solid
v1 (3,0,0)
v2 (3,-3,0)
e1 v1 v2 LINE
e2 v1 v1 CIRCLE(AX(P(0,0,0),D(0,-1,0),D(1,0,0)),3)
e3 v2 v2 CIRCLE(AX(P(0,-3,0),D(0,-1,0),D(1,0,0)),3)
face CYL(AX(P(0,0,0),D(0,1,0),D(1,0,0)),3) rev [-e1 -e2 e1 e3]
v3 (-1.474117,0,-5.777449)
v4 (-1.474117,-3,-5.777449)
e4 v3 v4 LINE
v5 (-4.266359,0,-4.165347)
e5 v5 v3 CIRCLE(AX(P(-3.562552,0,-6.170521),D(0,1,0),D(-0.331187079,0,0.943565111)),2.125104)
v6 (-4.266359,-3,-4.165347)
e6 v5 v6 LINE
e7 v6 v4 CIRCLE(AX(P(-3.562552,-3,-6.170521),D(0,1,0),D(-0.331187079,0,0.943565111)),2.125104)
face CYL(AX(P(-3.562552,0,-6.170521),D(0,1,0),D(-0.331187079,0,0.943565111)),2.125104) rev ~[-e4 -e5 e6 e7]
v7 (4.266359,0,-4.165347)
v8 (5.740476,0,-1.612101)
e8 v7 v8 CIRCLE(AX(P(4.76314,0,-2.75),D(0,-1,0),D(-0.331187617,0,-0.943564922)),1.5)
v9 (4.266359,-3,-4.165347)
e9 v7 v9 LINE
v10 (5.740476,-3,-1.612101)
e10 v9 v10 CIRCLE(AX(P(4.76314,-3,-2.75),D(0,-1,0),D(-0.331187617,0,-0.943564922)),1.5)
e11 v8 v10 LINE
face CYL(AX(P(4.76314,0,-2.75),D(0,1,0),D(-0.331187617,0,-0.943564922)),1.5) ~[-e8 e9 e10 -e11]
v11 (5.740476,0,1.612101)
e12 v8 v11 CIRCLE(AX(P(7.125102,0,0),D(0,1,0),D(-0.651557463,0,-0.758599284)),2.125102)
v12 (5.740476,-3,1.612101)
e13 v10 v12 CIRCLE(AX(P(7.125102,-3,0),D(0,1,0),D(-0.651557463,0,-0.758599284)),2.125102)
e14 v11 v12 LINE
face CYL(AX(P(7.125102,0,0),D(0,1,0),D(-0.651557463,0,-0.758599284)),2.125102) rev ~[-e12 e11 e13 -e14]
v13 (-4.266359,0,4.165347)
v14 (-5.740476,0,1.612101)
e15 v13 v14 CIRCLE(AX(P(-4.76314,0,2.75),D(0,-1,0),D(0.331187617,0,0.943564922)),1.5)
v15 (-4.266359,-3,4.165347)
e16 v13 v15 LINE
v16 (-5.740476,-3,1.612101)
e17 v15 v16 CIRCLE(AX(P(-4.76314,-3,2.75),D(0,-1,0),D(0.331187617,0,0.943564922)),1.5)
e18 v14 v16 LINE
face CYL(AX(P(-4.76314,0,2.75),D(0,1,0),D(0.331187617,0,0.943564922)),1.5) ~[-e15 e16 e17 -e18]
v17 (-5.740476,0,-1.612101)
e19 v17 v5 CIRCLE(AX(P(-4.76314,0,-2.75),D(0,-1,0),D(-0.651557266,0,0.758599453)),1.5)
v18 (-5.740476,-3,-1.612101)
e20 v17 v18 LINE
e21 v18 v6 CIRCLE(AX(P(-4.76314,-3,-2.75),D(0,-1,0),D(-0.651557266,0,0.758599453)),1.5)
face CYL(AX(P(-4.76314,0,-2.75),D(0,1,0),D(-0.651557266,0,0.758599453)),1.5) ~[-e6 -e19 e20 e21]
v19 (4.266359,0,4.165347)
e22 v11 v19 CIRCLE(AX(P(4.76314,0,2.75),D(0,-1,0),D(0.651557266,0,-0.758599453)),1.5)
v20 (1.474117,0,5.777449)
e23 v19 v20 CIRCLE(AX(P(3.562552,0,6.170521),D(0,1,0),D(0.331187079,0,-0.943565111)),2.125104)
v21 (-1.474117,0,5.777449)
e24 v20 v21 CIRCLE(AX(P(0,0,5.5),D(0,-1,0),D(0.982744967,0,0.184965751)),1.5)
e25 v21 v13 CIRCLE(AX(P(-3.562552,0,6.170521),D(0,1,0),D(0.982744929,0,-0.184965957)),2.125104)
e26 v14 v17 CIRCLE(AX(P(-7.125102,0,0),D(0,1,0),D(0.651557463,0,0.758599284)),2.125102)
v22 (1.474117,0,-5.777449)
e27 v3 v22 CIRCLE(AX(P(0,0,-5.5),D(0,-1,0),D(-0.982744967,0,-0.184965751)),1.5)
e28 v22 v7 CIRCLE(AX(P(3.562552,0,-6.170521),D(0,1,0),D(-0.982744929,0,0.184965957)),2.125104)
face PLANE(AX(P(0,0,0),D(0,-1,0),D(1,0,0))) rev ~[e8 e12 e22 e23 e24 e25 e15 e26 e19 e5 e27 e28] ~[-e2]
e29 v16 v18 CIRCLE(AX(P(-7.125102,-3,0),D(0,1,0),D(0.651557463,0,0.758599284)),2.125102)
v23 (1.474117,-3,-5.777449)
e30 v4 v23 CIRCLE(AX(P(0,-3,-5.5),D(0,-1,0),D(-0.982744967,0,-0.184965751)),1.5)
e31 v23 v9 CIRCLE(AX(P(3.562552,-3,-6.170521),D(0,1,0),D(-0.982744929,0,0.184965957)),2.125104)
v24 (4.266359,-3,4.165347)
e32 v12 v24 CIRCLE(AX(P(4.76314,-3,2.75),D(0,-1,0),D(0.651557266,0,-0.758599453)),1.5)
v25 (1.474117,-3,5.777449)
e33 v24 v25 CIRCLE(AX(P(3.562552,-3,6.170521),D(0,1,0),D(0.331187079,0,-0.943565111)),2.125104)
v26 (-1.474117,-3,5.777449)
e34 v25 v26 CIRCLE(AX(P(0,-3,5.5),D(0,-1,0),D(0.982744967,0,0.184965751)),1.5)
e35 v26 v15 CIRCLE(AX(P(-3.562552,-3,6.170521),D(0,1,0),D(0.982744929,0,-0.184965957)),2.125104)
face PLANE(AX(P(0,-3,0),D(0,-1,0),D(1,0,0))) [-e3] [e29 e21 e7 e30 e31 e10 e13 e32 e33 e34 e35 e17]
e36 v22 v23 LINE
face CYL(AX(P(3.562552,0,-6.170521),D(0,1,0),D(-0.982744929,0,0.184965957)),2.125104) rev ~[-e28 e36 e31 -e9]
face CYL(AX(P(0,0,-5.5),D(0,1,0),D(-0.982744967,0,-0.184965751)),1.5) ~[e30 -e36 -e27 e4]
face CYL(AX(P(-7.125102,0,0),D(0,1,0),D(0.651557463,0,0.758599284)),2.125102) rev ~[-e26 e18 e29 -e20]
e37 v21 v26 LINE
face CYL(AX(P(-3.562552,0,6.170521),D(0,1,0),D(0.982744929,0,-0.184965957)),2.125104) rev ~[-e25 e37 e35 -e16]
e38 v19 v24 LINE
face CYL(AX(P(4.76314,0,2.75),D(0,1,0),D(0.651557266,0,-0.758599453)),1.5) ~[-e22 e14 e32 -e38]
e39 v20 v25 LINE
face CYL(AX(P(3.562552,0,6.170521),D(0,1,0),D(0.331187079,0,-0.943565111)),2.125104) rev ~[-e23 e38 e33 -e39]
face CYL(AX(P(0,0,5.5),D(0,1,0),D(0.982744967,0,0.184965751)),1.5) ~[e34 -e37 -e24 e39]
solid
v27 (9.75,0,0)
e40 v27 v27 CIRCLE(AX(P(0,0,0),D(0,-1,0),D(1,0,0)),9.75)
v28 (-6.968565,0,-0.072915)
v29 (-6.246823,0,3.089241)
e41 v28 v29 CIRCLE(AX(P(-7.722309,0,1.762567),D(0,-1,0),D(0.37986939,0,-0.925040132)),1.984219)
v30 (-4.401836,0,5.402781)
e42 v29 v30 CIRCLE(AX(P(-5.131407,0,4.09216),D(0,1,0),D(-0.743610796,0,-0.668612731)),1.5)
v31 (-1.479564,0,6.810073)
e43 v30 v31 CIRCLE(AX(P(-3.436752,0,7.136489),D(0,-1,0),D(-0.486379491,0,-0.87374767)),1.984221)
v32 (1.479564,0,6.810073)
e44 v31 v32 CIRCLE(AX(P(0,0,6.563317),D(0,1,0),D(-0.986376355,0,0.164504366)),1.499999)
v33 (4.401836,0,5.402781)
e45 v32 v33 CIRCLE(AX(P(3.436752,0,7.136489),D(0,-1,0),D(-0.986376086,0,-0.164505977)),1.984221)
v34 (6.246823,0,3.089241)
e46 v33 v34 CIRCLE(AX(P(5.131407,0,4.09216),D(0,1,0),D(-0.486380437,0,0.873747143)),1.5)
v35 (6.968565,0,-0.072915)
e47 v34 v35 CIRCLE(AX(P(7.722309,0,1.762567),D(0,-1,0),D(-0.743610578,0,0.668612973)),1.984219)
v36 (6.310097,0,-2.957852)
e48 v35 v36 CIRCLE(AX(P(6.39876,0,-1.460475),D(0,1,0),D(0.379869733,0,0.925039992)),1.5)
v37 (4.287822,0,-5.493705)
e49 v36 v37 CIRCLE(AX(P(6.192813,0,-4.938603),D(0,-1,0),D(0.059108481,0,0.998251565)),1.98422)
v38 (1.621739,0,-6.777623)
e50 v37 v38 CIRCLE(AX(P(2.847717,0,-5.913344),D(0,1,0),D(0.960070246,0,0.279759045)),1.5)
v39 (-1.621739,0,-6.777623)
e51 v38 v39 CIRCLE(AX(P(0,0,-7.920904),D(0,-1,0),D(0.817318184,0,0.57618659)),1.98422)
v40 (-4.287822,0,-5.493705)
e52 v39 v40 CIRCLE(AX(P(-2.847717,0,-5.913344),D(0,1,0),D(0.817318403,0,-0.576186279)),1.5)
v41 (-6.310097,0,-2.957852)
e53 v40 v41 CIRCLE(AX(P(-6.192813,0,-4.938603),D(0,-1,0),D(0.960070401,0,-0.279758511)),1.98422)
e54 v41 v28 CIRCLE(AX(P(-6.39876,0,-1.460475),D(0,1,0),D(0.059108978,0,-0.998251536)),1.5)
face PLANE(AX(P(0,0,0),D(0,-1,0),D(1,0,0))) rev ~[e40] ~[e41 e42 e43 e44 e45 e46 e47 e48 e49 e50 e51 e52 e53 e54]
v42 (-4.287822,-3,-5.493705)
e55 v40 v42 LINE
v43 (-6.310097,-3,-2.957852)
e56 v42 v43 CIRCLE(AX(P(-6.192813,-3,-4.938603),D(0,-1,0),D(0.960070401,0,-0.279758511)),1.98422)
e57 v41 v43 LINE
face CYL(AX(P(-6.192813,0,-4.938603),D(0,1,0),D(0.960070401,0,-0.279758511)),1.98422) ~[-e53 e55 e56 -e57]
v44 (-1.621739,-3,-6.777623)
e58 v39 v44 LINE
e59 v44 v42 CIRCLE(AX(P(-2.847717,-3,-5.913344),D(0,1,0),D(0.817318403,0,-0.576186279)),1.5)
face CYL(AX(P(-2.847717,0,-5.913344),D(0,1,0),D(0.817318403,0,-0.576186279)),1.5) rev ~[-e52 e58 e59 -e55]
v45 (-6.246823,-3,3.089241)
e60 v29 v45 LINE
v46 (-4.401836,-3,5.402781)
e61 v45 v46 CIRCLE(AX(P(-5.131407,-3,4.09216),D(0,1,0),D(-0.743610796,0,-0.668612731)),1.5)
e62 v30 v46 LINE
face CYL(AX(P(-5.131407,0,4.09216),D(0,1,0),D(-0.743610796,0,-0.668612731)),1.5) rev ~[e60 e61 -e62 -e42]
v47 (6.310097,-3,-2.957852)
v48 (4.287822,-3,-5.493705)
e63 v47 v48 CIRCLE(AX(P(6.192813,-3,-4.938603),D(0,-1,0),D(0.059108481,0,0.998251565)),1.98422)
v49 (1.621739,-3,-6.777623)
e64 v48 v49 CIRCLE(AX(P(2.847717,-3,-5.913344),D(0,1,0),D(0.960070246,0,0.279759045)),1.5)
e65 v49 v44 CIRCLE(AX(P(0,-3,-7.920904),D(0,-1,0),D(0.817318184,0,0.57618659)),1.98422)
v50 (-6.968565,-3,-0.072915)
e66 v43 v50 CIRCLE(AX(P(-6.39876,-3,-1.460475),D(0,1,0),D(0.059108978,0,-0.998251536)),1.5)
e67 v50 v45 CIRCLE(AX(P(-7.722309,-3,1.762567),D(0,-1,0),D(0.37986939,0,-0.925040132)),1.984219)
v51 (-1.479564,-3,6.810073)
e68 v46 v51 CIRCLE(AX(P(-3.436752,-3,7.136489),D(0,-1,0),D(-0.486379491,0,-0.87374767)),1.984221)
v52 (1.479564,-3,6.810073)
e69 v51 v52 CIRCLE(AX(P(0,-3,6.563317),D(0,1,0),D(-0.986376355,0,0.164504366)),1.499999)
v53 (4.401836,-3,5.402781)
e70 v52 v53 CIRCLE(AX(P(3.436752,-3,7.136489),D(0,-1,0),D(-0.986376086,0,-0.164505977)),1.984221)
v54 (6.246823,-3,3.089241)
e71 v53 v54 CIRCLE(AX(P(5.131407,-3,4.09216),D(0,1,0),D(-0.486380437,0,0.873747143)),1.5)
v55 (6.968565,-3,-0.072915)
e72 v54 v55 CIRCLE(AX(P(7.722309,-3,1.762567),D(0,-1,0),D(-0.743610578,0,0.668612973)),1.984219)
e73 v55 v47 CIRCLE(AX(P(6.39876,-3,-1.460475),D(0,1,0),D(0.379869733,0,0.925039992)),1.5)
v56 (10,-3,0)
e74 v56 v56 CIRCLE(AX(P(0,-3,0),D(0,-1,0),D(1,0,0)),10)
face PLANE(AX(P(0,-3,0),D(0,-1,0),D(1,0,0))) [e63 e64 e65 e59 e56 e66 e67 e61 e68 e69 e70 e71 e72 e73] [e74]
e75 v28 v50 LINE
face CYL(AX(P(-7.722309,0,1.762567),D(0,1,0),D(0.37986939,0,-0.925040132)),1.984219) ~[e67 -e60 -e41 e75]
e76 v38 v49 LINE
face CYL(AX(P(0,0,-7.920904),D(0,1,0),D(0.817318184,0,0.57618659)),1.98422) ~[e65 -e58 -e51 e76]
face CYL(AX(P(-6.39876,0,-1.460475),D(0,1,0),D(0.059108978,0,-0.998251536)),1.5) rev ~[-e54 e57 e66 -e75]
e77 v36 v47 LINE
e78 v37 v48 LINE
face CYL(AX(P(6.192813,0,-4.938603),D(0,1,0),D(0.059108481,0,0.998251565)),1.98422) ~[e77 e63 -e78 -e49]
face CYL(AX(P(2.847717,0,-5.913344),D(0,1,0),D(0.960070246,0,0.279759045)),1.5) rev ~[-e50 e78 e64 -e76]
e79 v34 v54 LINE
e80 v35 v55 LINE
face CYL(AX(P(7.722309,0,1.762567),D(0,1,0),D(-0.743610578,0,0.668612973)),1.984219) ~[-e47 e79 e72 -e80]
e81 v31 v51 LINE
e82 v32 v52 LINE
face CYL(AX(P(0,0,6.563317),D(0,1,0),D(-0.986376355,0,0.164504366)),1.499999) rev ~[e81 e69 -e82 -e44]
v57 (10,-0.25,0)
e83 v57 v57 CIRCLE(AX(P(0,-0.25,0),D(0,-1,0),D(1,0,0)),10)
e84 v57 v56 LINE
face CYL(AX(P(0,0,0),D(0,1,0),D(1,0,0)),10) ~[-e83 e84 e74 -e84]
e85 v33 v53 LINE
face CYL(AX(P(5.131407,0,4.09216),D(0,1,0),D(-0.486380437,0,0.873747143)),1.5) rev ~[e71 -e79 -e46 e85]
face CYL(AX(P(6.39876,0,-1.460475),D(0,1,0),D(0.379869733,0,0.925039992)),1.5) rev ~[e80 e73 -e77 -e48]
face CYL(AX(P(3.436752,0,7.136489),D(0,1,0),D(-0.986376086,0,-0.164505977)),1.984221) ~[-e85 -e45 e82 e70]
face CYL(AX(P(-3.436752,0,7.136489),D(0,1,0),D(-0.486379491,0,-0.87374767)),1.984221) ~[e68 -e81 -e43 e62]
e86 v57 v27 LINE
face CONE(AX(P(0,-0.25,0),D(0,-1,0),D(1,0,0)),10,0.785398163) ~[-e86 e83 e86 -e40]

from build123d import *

# Parameters (mm, degrees)
F0_R     = 3
F1_DEPTH = 3
F2_R     = 10
F3_DEPTH = 3
F4_SIZE  = 0.25


with BuildPart() as f1:
    # F0 (on Front) → F1 (new body)
    with BuildSketch(Plane.XZ):
        with BuildLine():
            ThreePointArc((4.266359, 4.165347), (2.5, 4.330127), (1.474117, 5.777449))
            ThreePointArc((1.474117, 5.777449), (0, 7), (-1.474117, 5.777449))
            ThreePointArc((-1.474117, 5.777449), (-2.5, 4.330127), (-4.266359, 4.165347))
            ThreePointArc((-4.266359, 4.165347), (-6.062178, 3.5), (-5.740476, 1.612101))
            ThreePointArc((-5.740476, 1.612101), (-5, 0), (-5.740476, -1.612101))
            ThreePointArc((-5.740476, -1.612101), (-6.062178, -3.5), (-4.266359, -4.165347))
            ThreePointArc((-4.266359, -4.165347), (-2.5, -4.330127), (-1.474117, -5.777449))
            ThreePointArc((-1.474117, -5.777449), (0, -7), (1.474117, -5.777449))
            ThreePointArc((1.474117, -5.777449), (2.5, -4.330127), (4.266359, -4.165347))
            ThreePointArc((4.266359, -4.165347), (6.062178, -3.5), (5.740476, -1.612101))
            ThreePointArc((5.740476, -1.612101), (5, 0), (5.740476, 1.612101))
            ThreePointArc((5.740476, 1.612101), (6.062178, 3.5), (4.266359, 4.165347))
        make_face()
        Circle(F0_R, mode=Mode.SUBTRACT)
    extrude(amount=F1_DEPTH)


with BuildPart() as f3:
    # F2 (on Front) → F3 (new body)
    with BuildSketch(Plane.XZ):
        Circle(F2_R)
        with BuildLine():
            ThreePointArc((-1.479564, 6.810073), (0, 8.063316), (1.479564, 6.810073))
            ThreePointArc((1.479564, 6.810073), (2.575831, 5.348768), (4.401836, 5.402781))
            ThreePointArc((4.401836, 5.402781), (6.304154, 5.027395), (6.246823, 3.089241))
            ThreePointArc((6.246823, 3.089241), (5.787839, 1.321036), (6.968565, -0.072915))
            ThreePointArc((6.968565, -0.072915), (7.861152, -1.794257), (6.310097, -2.957852))
            ThreePointArc((6.310097, -2.957852), (4.641487, -3.701462), (4.287822, -5.493705))
            ThreePointArc((4.287822, -5.493705), (3.498542, -7.264797), (1.621739, -6.777623))
            ThreePointArc((1.621739, -6.777623), (0, -5.936684), (-1.621739, -6.777623))
            ThreePointArc((-1.621739, -6.777623), (-3.498542, -7.264797), (-4.287822, -5.493705))
            ThreePointArc((-4.287822, -5.493705), (-4.641487, -3.701462), (-6.310097, -2.957852))
            ThreePointArc((-6.310097, -2.957852), (-7.861152, -1.794257), (-6.968565, -0.072915))
            ThreePointArc((-6.968565, -0.072915), (-5.787839, 1.321036), (-6.246823, 3.089241))
            ThreePointArc((-6.246823, 3.089241), (-6.304154, 5.027395), (-4.401836, 5.402781))
            ThreePointArc((-4.401836, 5.402781), (-2.575831, 5.348768), (-1.479564, 6.810073))
        make_face(mode=Mode.SUBTRACT)
    extrude(amount=F3_DEPTH)

    # F4
    f4_edges = [f3.edges().sort_by_distance(p)[0] for p in [
        (-10, 0, 0),
    ]]
    chamfer(f4_edges, length=F4_SIZE)


solid = Compound([f1.part, f3.part])
